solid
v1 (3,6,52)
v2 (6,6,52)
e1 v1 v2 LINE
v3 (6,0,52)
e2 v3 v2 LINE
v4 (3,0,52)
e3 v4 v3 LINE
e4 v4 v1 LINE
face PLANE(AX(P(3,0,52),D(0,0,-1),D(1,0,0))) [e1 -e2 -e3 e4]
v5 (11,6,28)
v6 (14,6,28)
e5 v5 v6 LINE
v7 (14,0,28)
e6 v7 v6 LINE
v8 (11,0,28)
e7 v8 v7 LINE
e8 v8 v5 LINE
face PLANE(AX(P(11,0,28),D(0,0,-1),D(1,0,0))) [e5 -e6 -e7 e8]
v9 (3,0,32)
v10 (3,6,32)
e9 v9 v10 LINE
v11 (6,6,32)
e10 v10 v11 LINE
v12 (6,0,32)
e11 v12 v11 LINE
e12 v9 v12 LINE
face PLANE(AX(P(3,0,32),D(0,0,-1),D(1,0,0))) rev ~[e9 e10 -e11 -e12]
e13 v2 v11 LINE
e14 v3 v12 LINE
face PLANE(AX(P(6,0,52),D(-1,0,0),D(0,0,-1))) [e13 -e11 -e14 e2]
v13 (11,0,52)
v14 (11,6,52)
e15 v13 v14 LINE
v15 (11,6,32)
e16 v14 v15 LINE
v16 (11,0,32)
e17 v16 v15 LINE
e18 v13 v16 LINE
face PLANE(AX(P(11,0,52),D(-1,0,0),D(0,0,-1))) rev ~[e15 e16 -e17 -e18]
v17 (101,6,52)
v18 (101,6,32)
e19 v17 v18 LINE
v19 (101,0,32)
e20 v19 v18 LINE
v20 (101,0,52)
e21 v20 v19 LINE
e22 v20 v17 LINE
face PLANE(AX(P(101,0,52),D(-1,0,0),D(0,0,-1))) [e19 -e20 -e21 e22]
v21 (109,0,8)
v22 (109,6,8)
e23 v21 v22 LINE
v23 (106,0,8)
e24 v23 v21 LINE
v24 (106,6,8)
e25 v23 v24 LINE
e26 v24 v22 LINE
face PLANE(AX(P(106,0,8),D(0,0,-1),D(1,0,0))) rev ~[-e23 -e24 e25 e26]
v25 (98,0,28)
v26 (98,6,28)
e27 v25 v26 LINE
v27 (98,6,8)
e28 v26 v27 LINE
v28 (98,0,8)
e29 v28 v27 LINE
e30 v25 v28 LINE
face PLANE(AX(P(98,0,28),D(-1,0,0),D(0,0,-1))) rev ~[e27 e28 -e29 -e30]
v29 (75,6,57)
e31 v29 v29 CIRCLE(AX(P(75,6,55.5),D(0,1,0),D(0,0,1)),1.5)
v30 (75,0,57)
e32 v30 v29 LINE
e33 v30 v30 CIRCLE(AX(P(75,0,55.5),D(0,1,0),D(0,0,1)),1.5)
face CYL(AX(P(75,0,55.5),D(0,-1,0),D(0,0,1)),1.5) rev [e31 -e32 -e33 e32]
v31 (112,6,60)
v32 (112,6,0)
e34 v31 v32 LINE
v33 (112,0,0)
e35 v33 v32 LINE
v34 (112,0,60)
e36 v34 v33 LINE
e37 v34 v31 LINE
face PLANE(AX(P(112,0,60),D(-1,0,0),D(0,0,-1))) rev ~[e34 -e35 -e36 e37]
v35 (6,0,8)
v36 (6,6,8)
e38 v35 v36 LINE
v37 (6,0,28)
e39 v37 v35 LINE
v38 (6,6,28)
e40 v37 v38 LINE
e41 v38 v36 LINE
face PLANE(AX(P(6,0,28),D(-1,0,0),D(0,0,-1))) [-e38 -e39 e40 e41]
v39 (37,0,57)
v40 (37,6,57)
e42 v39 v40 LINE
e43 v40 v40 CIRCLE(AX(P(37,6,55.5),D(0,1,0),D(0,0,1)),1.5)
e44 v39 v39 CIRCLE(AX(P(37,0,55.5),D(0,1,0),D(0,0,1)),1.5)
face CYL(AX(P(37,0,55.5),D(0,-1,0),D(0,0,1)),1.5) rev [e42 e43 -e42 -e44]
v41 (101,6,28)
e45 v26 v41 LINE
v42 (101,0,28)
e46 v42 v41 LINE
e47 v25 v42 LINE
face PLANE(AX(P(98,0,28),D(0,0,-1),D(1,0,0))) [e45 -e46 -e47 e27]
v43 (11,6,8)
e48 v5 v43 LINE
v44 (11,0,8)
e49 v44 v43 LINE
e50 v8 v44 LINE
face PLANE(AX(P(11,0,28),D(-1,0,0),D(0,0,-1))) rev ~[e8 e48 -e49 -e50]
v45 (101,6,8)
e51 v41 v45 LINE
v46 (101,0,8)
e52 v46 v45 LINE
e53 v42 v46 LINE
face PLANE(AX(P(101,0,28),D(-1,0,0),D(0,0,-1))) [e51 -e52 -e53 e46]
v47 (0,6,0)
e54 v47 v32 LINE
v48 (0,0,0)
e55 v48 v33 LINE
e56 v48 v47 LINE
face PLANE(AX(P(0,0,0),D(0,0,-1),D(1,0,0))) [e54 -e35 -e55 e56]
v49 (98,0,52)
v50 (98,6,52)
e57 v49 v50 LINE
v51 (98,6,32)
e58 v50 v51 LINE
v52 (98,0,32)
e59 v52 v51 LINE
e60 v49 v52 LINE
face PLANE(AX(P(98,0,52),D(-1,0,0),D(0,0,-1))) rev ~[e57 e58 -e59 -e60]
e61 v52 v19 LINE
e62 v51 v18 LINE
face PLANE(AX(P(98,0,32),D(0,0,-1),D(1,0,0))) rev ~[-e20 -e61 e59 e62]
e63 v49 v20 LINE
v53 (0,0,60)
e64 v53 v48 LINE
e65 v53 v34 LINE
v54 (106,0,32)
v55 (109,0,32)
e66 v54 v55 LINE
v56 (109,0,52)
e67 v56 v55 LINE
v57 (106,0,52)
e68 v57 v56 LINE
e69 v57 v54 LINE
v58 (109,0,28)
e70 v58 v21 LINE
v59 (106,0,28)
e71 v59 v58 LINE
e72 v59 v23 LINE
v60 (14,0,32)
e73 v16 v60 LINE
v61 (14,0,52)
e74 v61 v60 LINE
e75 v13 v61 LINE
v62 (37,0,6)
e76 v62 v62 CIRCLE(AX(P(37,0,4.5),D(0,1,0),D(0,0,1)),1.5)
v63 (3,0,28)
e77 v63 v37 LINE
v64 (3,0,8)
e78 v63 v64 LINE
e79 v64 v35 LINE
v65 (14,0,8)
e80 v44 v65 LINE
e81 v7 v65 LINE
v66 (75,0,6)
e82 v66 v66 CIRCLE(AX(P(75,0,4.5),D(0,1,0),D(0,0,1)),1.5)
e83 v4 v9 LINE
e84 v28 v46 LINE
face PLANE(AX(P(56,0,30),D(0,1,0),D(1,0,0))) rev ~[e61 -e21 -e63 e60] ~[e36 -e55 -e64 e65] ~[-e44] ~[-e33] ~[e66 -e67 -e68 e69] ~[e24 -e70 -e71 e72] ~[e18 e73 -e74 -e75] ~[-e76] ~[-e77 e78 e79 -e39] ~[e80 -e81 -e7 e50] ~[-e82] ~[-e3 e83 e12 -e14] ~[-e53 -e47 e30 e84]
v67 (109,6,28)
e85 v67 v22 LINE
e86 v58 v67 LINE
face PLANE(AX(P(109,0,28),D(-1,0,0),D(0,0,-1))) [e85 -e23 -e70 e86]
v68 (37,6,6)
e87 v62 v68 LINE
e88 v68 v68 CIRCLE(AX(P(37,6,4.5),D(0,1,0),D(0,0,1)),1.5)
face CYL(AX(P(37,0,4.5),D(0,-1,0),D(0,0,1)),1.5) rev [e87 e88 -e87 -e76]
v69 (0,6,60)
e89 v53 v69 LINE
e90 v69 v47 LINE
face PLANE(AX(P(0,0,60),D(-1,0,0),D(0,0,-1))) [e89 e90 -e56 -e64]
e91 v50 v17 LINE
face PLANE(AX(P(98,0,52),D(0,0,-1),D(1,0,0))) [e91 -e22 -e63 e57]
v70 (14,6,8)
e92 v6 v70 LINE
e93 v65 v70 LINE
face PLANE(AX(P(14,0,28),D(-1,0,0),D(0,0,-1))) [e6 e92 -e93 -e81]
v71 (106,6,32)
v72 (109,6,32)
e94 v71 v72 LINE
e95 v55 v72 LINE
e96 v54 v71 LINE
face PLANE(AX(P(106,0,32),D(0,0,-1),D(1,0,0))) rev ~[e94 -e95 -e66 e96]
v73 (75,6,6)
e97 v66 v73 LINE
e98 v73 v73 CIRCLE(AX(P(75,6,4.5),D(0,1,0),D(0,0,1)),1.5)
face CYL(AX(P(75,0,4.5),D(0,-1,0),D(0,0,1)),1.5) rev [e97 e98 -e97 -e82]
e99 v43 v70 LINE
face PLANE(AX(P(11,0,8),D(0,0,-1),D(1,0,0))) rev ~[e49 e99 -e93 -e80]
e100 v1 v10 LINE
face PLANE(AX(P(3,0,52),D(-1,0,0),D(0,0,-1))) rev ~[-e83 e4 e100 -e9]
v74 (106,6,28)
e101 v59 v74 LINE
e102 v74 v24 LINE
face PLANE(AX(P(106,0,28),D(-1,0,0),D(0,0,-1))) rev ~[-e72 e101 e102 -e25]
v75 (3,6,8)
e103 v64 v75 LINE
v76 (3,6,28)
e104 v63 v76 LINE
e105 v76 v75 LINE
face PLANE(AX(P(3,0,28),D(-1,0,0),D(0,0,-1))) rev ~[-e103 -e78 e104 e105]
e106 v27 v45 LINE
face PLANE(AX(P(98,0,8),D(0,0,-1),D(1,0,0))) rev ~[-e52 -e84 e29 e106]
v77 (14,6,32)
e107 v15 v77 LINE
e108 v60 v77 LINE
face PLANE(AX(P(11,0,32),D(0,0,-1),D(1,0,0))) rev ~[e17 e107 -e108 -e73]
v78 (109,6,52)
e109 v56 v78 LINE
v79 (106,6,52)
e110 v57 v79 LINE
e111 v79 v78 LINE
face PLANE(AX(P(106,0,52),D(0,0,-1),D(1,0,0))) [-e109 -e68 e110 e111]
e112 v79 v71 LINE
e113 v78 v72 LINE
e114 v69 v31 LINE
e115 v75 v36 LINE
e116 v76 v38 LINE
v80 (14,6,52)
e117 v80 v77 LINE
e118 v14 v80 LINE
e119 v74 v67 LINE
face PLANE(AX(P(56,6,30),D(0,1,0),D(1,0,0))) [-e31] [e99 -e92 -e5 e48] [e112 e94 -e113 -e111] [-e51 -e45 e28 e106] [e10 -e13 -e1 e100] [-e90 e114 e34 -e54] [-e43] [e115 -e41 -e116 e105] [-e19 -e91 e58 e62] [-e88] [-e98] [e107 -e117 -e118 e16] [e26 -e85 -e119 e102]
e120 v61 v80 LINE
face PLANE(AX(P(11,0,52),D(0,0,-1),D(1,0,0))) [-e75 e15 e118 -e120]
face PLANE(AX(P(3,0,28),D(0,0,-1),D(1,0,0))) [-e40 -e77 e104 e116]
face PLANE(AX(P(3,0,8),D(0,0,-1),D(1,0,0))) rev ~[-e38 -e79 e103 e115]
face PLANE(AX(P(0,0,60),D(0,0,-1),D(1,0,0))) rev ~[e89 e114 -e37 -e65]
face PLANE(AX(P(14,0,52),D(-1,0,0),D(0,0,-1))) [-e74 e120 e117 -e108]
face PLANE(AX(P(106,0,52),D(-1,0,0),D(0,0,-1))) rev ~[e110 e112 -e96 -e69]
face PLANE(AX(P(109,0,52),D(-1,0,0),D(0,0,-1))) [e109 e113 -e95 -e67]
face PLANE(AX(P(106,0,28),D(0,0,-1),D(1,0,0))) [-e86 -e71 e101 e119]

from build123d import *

# Parameters (mm, degrees)
SKETCH_1_W      = 112
SKETCH_1_H      = 60
SKETCH_1_R      = 1.5
SKETCH_1_W_2    = 3
SKETCH_1_H_2    = 20
EXTRUDE_1_DEPTH = 6


with BuildPart() as part:
    # 草图1 → 凸台-拉伸1 (new body)
    with BuildSketch(Plane(origin=(0, 0, 0), x_dir=(1, 0, 0), z_dir=(0, 1, 0))):
        with Locations((56, -30)):
            Rectangle(SKETCH_1_W, SKETCH_1_H)
        with Locations(Location((75, -4.5, 0), (0, 0, 270))):
            Circle(SKETCH_1_R, mode=Mode.SUBTRACT)
        with Locations(Location((37, -4.5, 0), (0, 0, 270))):
            Circle(SKETCH_1_R, mode=Mode.SUBTRACT)
        with Locations(Location((75, -55.5, 0), (0, 0, 270))):
            Circle(SKETCH_1_R, mode=Mode.SUBTRACT)
        with Locations(Location((37, -55.5, 0), (0, 0, 270))):
            Circle(SKETCH_1_R, mode=Mode.SUBTRACT)
        with Locations((4.5, -18)):
            Rectangle(SKETCH_1_W_2, SKETCH_1_H_2, mode=Mode.SUBTRACT)
        with Locations((4.5, -42)):
            Rectangle(SKETCH_1_W_2, SKETCH_1_H_2, mode=Mode.SUBTRACT)
        with Locations((107.5, -18)):
            Rectangle(SKETCH_1_W_2, SKETCH_1_H_2, mode=Mode.SUBTRACT)
        with Locations((107.5, -42)):
            Rectangle(SKETCH_1_W_2, SKETCH_1_H_2, mode=Mode.SUBTRACT)
        with Locations((12.5, -42)):
            Rectangle(SKETCH_1_W_2, SKETCH_1_H_2, mode=Mode.SUBTRACT)
        with Locations((12.5, -18)):
            Rectangle(SKETCH_1_W_2, SKETCH_1_H_2, mode=Mode.SUBTRACT)
        with Locations((99.5, -18)):
            Rectangle(SKETCH_1_W_2, SKETCH_1_H_2, mode=Mode.SUBTRACT)
        with Locations((99.5, -42)):
            Rectangle(SKETCH_1_W_2, SKETCH_1_H_2, mode=Mode.SUBTRACT)
    extrude(amount=EXTRUDE_1_DEPTH)


solid = part.part
